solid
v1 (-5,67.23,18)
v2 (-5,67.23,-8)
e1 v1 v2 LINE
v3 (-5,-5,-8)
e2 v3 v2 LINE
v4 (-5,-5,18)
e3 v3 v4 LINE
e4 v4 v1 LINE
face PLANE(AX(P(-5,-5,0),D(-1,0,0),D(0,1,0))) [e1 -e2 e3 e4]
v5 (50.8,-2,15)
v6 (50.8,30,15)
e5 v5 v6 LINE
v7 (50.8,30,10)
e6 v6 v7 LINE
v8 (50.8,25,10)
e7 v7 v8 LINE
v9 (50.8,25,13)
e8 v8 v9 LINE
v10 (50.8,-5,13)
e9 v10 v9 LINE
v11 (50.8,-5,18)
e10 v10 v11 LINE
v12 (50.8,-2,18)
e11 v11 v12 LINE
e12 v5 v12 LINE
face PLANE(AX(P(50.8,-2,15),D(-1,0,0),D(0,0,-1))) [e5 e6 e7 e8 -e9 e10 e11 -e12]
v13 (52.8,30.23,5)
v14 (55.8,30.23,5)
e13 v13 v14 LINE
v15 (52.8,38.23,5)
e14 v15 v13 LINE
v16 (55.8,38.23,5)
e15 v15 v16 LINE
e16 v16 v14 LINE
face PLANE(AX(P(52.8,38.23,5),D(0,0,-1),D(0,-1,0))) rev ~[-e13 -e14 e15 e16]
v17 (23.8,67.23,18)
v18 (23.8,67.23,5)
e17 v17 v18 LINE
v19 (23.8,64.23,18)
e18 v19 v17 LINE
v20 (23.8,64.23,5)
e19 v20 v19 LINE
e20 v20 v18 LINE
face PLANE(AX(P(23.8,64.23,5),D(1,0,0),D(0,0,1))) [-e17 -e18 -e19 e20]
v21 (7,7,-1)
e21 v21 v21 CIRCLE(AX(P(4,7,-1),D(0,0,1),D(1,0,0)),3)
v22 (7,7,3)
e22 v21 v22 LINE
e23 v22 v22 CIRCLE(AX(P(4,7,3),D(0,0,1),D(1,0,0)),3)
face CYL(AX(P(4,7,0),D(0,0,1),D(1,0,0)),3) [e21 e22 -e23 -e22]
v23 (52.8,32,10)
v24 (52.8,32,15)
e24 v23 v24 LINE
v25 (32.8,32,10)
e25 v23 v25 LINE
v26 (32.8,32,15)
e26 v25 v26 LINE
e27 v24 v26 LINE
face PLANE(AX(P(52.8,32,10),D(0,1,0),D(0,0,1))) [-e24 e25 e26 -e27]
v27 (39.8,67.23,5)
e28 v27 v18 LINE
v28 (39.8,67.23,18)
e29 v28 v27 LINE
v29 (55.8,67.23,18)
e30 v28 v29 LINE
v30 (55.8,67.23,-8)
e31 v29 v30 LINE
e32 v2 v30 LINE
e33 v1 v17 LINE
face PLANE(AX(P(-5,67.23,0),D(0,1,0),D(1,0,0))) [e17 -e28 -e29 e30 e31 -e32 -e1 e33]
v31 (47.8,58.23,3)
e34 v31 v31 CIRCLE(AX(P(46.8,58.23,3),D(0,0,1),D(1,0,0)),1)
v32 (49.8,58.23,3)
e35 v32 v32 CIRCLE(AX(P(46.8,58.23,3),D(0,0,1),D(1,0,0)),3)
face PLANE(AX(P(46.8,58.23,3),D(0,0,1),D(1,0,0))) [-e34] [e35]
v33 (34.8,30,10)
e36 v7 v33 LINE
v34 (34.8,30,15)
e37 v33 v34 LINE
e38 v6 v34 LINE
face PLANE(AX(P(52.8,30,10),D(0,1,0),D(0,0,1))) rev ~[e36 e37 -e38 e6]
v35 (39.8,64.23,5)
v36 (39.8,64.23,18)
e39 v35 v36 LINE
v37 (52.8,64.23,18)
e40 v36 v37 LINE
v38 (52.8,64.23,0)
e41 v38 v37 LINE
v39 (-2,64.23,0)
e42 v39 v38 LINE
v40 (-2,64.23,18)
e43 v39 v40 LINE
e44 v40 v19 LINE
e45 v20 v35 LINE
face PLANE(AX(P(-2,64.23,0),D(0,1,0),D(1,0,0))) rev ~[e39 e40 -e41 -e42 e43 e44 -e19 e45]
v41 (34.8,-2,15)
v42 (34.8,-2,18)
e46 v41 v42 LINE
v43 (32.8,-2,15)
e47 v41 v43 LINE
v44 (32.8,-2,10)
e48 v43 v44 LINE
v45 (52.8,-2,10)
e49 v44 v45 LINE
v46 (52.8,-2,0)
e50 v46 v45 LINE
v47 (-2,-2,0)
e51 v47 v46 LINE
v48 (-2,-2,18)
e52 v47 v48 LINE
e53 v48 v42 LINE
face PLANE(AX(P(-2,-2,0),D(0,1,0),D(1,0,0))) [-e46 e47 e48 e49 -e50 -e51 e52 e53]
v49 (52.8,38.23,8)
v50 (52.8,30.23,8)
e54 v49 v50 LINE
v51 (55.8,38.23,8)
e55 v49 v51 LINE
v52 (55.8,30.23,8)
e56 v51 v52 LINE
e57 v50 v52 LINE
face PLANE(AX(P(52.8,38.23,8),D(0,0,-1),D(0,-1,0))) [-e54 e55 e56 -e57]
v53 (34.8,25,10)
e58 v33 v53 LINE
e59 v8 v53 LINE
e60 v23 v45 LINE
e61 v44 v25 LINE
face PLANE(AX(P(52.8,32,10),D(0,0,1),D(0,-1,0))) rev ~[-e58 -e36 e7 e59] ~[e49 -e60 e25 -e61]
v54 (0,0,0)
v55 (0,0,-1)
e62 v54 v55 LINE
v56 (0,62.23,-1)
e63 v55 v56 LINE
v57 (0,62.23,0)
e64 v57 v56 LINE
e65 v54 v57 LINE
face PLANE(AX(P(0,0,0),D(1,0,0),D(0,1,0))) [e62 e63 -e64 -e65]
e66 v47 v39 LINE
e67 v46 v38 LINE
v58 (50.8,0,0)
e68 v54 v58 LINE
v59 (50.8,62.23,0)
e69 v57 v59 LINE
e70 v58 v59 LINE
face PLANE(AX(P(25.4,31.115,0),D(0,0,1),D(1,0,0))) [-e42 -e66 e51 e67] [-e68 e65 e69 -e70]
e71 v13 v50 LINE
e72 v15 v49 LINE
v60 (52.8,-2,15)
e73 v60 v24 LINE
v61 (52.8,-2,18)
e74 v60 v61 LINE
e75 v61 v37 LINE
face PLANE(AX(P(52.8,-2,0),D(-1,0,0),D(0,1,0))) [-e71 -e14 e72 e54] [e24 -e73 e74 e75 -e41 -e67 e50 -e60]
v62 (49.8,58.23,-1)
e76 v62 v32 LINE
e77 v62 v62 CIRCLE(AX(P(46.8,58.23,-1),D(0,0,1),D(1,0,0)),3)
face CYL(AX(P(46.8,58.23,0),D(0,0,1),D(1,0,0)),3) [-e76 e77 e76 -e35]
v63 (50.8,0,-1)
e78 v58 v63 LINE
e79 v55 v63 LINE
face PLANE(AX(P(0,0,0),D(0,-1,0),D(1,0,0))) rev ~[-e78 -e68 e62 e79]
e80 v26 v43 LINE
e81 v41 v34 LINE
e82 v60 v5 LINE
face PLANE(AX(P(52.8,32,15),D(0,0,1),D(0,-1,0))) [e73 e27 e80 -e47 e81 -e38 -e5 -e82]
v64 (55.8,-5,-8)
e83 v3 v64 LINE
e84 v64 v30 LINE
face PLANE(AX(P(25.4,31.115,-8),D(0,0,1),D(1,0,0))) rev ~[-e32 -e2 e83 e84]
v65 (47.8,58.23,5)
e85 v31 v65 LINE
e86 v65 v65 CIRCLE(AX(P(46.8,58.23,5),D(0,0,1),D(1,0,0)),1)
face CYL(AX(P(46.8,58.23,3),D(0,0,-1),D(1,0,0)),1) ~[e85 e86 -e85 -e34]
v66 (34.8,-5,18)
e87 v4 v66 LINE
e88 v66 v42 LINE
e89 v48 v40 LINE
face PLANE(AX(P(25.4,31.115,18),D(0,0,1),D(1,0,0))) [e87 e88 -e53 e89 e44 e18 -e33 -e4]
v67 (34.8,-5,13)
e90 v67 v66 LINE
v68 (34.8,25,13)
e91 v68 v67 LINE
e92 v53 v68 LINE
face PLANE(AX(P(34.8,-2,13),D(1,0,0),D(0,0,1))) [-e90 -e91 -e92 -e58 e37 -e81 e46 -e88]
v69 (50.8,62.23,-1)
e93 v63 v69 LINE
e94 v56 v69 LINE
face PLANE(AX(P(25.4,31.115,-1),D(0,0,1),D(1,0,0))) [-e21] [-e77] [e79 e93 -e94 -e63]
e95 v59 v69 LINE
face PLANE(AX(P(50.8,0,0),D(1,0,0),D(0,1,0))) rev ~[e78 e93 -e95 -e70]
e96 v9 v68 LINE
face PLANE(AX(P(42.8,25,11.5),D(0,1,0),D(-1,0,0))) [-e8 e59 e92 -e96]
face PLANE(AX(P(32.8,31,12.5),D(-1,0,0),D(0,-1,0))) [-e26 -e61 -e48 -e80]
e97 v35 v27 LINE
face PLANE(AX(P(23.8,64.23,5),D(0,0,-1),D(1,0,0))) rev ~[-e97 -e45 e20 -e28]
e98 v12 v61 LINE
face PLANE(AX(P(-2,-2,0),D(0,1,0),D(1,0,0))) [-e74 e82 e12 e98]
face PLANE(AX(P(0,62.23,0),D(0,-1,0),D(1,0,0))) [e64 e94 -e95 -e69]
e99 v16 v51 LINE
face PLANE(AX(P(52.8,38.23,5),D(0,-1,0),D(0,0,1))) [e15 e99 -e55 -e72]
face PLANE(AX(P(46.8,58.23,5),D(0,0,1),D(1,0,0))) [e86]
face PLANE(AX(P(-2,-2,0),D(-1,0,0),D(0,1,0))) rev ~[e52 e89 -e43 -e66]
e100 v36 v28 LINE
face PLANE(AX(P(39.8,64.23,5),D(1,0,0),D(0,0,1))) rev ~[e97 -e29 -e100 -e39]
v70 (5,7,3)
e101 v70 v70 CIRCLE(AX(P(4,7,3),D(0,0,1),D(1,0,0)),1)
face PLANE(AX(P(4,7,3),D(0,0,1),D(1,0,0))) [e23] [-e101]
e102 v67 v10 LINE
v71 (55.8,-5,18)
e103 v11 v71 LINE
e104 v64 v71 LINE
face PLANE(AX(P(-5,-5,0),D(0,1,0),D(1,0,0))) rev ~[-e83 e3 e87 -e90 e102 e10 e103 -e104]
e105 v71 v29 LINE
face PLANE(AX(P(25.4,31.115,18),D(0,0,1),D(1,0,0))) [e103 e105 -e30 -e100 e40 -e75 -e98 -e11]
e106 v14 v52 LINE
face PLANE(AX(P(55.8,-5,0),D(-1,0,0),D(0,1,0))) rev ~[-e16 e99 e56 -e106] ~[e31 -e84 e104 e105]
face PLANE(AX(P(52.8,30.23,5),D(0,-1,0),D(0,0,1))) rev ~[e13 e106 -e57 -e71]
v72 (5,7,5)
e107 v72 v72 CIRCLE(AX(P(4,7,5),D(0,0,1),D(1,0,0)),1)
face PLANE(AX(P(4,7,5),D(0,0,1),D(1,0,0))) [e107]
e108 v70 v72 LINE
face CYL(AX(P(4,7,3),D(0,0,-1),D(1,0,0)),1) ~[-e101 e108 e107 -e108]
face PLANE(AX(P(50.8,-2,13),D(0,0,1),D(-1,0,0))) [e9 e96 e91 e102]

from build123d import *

# Parameters (mm, degrees)
SKETCH_W        = 60.8
SKETCH_H        = 72.23
PAD_DEPTH       = 8
SKETCH001_R     = 3
PAD001_DEPTH    = 3
SKETCH002_W     = 50.8
SKETCH002_H     = 62.23
SKETCH002_R     = 3
POCKET_DEPTH    = 1
SKETCH003_W     = 60.8
SKETCH003_H     = 72.23
SKETCH003_W_2   = 54.8
SKETCH003_H_2   = 66.23
PAD002_DEPTH    = 18
SKETCH004_W     = 16
SKETCH004_H     = 13
POCKET001_DEPTH = 3.001
SKETCH005_W     = 8
SKETCH005_H     = 3
POCKET002_DEPTH = 3.001
SKETCH006_W     = 16
SKETCH006_H     = 5
POCKET003_DEPTH = 3
PAD003_DEPTH    = 32
SKETCH008_W     = 16
SKETCH008_H     = 3
POCKET004_DEPTH = 5
SKETCH009_W     = 2
SKETCH009_H     = 5
PAD004_DEPTH    = 20
SKETCH010_R     = 1
PAD005_DEPTH    = 2


with BuildPart() as part:
    # Sketch → Pad (new body)
    with BuildSketch(Plane.XY):
        with Locations((25.4, 31.115)):
            Rectangle(SKETCH_W, SKETCH_H)
    extrude(amount=-PAD_DEPTH)

    # Sketch001 (on Face5 of Pad) → Pad001 (join)
    with BuildSketch(Plane.XY):
        with Locations((46.8, 58.23)):
            Circle(SKETCH001_R)
        with Locations((4, 7)):
            Circle(SKETCH001_R)
    extrude(amount=PAD001_DEPTH)

    # Sketch002 (on Face4 of Pad001) → Pocket (cut)
    with BuildSketch(Plane.XY):
        with Locations((25.4, 31.115)):
            Rectangle(SKETCH002_W, SKETCH002_H)
        with Locations((46.8, 58.23)):
            Circle(SKETCH002_R, mode=Mode.SUBTRACT)
        with Locations((4, 7)):
            Circle(SKETCH002_R, mode=Mode.SUBTRACT)
    extrude(amount=-POCKET_DEPTH, mode=Mode.SUBTRACT)

    # Sketch003 (on Face4 of Pocket) → Pad002 (join)
    with BuildSketch(Plane.XY):
        with Locations((25.4, 31.115)):
            Rectangle(SKETCH003_W, SKETCH003_H)
        with Locations((25.4, 31.115)):
            Rectangle(SKETCH003_W_2, SKETCH003_H_2, mode=Mode.SUBTRACT)
    extrude(amount=PAD002_DEPTH)

    # Sketch004 (on Face11 of Pad002) → Pocket001 (cut, through all)
    with BuildSketch(Plane.XZ.offset(-64.23)):
        with Locations((31.8, 11.5)):
            Rectangle(SKETCH004_W, SKETCH004_H)
    extrude(amount=-POCKET001_DEPTH, mode=Mode.SUBTRACT)

    # Sketch005 (on Face17 of Pocket001) → Pocket002 (cut, through all)
    with BuildSketch(Plane(origin=(52.8, 0, 0), x_dir=(0, -1, 0), z_dir=(-1, 0, 0))):
        with Locations((-34.23, 6.5)):
            Rectangle(SKETCH005_W, SKETCH005_H)
    extrude(amount=-POCKET002_DEPTH, mode=Mode.SUBTRACT)

    # Sketch006 (on Face13 of Pocket002) → Pocket003 (cut)
    with BuildSketch(Plane.XZ.offset(5)):
        with Locations((42.8, 15.5)):
            Rectangle(SKETCH006_W, SKETCH006_H)
    extrude(amount=-POCKET003_DEPTH, mode=Mode.SUBTRACT)

    # Sketch007 (on Face21 of Pocket003) → Pad003 (join)
    with BuildSketch(Plane(origin=(0, -2, 0), x_dir=(-1, 0, 0), z_dir=(0, 1, 0))):
        Polygon((-50.8, 13), (-34.8, 13), (-34.8, 15), (-32.8, 15), (-32.8, 10), (-52.8, 10), (-52.8, 15), (-50.8, 15), align=None)
    extrude(amount=PAD003_DEPTH)

    # Sketch008 (on Face34 of Pad003) → Pocket004 (cut)
    with BuildSketch(Plane(origin=(0, 30, 0), x_dir=(-1, 0, 0), z_dir=(0, 1, 0))):
        with Locations((-42.8, 11.5)):
            Rectangle(SKETCH008_W, SKETCH008_H)
    extrude(amount=-POCKET004_DEPTH, mode=Mode.SUBTRACT)

    # Sketch009 (on Face25 of Pocket004) → Pad004 (join)
    with BuildSketch(Plane(origin=(52.8, 0, 0), x_dir=(0, -1, 0), z_dir=(-1, 0, 0))):
        with Locations((-31, 12.5)):
            Rectangle(SKETCH009_W, SKETCH009_H)
    extrude(amount=PAD004_DEPTH)

    # Sketch010 (on Face53 of Pad004) → Pad005 (join)
    with BuildSketch(Plane.XY.offset(3)):
        with Locations((46.8, 58.23)):
            Circle(SKETCH010_R)
        with Locations((4, 7)):
            Circle(SKETCH010_R)
    extrude(amount=PAD005_DEPTH)


solid = part.part
